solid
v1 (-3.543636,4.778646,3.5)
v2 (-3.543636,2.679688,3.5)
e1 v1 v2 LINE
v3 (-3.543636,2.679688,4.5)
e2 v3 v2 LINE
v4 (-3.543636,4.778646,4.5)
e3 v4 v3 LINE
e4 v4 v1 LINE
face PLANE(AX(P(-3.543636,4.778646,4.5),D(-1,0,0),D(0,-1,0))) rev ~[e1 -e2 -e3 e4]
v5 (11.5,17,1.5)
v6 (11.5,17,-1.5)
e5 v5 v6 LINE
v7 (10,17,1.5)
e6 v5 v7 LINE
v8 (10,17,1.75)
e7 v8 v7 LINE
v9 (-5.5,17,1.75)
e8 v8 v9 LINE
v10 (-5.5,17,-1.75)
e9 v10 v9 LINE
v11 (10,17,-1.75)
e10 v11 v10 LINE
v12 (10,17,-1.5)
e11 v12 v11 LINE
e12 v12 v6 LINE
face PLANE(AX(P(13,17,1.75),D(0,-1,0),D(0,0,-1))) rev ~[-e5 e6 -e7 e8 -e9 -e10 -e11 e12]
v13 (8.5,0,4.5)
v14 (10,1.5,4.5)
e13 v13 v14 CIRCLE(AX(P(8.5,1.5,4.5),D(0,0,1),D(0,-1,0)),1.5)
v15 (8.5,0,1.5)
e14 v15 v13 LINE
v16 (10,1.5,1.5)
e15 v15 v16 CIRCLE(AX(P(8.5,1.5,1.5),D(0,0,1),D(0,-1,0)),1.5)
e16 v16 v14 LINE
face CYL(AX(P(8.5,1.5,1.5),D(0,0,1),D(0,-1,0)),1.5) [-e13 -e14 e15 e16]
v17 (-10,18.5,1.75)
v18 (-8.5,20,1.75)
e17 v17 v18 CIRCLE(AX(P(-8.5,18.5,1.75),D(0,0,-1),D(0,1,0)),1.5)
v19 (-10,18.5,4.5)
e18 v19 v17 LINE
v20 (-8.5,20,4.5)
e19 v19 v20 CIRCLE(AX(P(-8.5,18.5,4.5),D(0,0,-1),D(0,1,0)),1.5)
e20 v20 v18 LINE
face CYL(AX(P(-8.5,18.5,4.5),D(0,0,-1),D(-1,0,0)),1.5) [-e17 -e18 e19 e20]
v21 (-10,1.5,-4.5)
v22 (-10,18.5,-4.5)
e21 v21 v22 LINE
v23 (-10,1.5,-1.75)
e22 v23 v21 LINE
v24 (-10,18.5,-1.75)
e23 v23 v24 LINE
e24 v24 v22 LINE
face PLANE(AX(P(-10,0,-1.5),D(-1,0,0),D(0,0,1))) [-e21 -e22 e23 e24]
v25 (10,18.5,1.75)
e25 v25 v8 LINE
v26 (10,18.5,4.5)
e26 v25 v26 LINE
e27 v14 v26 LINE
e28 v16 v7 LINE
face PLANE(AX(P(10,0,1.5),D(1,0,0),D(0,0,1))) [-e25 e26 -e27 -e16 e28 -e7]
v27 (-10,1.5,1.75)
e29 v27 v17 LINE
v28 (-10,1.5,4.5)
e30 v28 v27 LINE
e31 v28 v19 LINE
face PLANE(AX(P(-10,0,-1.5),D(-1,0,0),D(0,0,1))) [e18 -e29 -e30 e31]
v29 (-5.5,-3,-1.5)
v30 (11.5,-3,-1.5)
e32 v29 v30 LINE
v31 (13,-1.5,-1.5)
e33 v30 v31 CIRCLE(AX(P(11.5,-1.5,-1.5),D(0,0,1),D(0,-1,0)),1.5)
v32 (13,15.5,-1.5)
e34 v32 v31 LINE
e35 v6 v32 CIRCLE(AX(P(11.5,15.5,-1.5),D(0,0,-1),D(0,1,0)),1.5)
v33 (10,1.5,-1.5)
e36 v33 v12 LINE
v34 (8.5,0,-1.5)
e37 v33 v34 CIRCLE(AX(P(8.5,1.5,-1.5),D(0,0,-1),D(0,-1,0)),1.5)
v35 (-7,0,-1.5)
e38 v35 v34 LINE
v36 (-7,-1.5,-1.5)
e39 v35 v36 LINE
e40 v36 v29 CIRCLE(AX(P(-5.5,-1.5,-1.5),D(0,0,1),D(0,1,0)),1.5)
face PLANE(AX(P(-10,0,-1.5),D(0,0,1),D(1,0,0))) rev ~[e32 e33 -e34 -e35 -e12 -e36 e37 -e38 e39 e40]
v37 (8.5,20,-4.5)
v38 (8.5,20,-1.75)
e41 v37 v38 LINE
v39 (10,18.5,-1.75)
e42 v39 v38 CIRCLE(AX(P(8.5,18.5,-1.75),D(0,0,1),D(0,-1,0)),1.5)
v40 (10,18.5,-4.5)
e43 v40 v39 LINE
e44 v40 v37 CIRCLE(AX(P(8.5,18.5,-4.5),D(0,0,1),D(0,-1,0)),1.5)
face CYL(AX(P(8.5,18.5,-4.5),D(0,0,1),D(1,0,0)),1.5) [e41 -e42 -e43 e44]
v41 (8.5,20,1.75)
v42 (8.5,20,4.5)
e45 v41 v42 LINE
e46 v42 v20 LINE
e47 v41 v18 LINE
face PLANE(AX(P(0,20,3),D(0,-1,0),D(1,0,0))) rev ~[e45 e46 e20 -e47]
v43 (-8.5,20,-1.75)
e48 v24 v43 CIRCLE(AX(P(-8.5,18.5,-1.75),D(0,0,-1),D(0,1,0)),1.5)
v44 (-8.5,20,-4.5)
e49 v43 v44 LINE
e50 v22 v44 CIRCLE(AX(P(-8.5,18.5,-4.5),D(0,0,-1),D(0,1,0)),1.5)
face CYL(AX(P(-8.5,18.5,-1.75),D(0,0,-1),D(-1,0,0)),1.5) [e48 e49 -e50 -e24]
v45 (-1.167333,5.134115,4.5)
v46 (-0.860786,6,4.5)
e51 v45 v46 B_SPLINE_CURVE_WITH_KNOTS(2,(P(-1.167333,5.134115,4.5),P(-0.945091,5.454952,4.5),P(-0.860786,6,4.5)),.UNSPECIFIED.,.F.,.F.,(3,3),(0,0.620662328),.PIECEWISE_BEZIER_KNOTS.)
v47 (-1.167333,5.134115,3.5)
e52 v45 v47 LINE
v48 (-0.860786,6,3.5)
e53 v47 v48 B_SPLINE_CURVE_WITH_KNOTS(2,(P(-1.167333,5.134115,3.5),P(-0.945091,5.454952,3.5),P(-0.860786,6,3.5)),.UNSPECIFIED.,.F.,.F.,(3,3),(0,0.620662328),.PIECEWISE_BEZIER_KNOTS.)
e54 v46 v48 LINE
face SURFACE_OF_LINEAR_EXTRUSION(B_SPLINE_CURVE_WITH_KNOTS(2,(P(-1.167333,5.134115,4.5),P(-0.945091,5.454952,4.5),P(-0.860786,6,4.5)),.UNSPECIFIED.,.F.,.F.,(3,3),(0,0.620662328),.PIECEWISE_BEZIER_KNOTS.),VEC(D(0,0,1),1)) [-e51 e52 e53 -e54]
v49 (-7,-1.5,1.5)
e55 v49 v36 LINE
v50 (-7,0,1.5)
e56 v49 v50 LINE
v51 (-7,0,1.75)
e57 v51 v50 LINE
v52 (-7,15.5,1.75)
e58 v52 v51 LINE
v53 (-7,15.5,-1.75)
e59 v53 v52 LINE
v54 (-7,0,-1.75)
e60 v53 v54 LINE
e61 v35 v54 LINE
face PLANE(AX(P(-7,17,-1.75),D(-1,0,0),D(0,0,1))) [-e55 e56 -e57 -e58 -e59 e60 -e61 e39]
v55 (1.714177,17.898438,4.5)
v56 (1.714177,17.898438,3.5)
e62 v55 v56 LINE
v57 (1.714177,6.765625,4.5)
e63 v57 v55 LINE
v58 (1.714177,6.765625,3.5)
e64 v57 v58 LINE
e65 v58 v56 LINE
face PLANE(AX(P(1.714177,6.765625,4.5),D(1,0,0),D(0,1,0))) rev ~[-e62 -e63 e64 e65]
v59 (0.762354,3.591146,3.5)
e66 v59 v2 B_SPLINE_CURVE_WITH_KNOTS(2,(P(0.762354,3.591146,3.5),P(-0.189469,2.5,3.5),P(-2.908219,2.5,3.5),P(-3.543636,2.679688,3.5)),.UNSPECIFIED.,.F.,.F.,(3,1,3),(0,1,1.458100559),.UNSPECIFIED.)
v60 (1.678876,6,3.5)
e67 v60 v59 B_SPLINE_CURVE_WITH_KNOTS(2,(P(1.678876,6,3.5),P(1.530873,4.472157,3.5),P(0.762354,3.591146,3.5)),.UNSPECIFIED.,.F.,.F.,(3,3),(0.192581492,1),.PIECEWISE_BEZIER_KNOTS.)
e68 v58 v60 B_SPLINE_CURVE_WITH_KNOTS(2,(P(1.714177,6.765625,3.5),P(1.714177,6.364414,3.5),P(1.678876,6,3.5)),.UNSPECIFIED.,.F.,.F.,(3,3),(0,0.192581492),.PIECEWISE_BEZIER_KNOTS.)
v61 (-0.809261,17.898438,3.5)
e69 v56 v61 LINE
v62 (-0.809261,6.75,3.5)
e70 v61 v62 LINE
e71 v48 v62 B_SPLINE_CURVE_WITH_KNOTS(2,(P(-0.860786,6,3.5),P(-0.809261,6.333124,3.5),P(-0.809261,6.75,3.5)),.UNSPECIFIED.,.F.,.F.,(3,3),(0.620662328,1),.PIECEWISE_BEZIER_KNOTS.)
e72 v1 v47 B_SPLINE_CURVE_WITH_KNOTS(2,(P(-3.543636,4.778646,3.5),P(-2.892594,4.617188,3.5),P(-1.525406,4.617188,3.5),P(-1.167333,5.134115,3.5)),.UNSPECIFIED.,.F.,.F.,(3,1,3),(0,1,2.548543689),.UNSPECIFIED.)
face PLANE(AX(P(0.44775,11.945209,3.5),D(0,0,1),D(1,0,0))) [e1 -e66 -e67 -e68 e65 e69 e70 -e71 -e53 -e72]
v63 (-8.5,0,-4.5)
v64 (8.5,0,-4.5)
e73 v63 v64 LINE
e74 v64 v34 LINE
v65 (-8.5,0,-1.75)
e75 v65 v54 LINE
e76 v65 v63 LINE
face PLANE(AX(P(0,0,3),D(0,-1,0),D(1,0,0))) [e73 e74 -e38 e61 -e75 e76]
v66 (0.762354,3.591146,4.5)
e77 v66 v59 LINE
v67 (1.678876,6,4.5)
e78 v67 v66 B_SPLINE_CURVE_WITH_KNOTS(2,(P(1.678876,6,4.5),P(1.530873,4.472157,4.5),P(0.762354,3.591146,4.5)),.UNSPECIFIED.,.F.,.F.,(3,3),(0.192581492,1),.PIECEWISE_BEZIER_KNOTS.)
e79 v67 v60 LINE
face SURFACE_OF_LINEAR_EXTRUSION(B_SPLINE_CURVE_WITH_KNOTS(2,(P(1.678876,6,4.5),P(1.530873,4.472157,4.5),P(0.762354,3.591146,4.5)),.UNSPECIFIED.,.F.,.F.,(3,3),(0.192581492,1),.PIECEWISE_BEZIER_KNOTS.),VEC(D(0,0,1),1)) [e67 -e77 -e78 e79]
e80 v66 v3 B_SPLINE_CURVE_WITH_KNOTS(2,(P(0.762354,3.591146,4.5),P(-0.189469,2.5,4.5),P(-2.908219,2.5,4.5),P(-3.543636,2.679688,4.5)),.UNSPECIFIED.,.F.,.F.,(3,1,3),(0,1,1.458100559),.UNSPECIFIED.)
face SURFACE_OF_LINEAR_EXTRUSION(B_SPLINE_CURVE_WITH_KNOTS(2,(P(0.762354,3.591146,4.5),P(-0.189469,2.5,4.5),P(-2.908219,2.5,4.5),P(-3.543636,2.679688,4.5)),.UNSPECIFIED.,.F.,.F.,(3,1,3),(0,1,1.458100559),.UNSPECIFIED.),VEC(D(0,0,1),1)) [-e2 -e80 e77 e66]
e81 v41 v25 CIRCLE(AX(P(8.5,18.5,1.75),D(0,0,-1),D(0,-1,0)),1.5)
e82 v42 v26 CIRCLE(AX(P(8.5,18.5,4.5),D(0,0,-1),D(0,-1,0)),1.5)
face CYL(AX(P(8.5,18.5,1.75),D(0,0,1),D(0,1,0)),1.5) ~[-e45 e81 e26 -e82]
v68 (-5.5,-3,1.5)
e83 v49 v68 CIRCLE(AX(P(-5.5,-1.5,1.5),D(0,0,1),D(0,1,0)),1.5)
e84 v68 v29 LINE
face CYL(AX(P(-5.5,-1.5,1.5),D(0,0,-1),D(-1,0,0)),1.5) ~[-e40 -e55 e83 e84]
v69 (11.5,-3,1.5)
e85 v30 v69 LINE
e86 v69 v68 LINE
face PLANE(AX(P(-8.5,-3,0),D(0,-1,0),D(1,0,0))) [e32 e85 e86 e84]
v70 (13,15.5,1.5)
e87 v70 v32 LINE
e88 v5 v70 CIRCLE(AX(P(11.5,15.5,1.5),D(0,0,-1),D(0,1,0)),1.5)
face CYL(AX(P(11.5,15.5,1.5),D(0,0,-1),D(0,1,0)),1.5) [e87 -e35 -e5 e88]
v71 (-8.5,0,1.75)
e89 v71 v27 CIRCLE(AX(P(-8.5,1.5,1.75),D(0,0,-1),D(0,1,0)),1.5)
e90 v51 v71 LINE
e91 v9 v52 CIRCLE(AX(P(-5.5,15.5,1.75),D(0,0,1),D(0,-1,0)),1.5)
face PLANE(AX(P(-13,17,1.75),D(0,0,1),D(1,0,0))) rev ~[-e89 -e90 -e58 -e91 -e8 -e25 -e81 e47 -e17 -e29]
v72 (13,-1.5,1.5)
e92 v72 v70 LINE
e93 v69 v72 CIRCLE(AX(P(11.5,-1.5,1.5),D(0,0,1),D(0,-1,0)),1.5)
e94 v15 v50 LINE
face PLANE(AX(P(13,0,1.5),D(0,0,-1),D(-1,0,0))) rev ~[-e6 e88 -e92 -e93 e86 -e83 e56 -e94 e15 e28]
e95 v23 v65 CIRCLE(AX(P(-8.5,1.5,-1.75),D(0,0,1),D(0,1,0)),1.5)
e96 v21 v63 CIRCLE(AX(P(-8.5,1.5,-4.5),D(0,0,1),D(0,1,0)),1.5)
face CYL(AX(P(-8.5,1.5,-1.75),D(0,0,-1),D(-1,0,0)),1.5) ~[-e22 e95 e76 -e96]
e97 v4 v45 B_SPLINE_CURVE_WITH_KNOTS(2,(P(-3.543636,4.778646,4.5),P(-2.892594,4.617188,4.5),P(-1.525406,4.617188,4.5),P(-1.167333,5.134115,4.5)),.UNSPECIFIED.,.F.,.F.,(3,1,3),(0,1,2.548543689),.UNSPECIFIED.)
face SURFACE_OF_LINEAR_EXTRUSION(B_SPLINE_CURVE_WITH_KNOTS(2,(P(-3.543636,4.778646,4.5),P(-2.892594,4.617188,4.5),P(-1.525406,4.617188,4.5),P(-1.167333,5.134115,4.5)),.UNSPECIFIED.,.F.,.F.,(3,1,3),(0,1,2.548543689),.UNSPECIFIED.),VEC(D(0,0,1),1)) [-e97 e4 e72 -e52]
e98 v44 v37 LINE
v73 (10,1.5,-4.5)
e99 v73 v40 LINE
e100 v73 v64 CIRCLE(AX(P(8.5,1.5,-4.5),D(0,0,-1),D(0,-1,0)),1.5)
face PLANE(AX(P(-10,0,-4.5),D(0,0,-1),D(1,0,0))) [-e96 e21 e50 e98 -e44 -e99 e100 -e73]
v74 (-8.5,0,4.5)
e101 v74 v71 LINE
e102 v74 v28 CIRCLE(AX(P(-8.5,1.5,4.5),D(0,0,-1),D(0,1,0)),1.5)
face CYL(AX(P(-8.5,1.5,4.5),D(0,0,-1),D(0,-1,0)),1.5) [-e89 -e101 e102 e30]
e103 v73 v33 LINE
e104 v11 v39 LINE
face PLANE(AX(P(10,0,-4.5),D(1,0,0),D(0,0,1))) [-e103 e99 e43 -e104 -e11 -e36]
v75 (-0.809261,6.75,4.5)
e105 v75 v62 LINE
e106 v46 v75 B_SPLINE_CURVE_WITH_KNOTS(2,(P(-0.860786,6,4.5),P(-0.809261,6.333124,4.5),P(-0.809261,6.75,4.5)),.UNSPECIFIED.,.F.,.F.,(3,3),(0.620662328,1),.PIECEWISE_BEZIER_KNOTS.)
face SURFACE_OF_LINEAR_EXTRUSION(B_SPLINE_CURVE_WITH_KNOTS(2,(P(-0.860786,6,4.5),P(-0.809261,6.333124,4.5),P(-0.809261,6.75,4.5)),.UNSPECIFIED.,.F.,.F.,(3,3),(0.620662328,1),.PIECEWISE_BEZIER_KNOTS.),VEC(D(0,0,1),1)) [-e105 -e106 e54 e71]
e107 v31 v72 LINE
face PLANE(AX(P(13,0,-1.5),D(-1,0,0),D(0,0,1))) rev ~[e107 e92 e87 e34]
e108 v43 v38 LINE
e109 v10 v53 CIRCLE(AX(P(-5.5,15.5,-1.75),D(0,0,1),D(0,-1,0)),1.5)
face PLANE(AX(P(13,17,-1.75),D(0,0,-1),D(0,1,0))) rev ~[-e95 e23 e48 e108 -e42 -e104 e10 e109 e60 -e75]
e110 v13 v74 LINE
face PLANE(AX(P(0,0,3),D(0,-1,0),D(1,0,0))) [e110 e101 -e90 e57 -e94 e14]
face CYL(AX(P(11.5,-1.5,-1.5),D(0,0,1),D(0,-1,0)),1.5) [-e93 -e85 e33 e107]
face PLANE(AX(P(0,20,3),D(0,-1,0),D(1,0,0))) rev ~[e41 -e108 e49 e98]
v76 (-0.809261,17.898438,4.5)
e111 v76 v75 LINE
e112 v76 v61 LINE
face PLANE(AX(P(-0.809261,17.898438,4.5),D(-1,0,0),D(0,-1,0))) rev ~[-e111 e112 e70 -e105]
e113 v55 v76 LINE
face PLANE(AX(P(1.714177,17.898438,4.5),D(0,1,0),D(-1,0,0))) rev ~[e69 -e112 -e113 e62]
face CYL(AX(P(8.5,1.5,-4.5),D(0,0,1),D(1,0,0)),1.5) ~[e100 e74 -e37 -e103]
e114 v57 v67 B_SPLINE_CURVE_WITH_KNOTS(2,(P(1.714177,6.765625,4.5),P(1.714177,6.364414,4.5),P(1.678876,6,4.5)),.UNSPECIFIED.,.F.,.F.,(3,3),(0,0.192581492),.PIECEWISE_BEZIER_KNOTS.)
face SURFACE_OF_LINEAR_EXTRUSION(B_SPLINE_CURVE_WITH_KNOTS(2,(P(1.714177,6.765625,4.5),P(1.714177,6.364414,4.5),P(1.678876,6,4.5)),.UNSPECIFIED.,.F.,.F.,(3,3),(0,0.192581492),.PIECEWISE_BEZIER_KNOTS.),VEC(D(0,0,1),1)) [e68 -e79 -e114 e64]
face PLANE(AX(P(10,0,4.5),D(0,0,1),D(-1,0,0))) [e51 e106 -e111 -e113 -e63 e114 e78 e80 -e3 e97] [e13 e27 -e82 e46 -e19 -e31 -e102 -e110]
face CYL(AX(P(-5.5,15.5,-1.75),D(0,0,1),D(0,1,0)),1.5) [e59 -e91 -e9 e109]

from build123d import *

# Parameters (mm, degrees)
F0_W      = 14
F0_H      = 3
F0_W_2    = 3
F1_DEPTH  = 20
F2_DEPTH  = 3
F3_W      = 3
F3_H      = 3
F4_DEPTH  = 100
F5_W      = 3
F5_H      = 3.5
F6_DEPTH  = 100
F7_R      = 1.5
F9_DEPTH  = 1
F10_DEPTH = 1


with BuildPart() as f1:
    # F0 (on Front) → F1 (new body)
    with BuildSketch(Plane.XZ):
        Polygon((10, 1.5), (10, 4.5), (-10, 4.5), (-10, 1.5), (-7, 1.5), (7, 1.5), align=None)
        Rectangle(F0_W, F0_H)
        with Locations((11.5, 0)):
            Rectangle(F0_W_2, F0_H)
        with Locations((8.5, 0)):
            Rectangle(F0_W_2, F0_H)
        with Locations((-8.5, 0)):
            Rectangle(F0_W_2, F0_H)
        Polygon((10, -4.5), (10, -1.5), (7, -1.5), (-7, -1.5), (-10, -1.5), (-10, -4.5), align=None)
    extrude(amount=-F1_DEPTH)

    # F0 (on Front) → F2 (join)
    with BuildSketch(Plane.XZ):
        with Locations((-8.5, 0)):
            Rectangle(F0_W_2, F0_H)
        Rectangle(F0_W, F0_H)
        with Locations((8.5, 0)):
            Rectangle(F0_W_2, F0_H)
        with Locations((11.5, 0)):
            Rectangle(F0_W_2, F0_H)
    extrude(amount=F2_DEPTH)

    # F3 (on face) → F4 (cut)
    with BuildSketch(Plane.YZ.offset(13)):
        Polygon((23, -1.75), (23, 1.75), (17, 1.75), (17, 1.5), (20, 1.5), (20, -1.5), (17, -1.5), (17, -1.75), align=None)
        with Locations((18.5, 0)):
            Rectangle(F3_W, F3_H)
    extrude(amount=-F4_DEPTH, mode=Mode.SUBTRACT)

    # F5 (on face) → F6 (cut)
    with BuildSketch(Plane(origin=(0, 17, 0), x_dir=(-1, 0, 0), z_dir=(0, 1, 0))):
        with Locations((11.5, 0)):
            Rectangle(F5_W, F5_H)
        with Locations((8.5, 0)):
            Rectangle(F5_W, F5_H)
    extrude(amount=-F6_DEPTH, mode=Mode.SUBTRACT)

    # F7
    f7_edges = [f1.edges().sort_by_distance(p)[0] for p in [
        (-7, -3, 0),
        (13, -3, 0),
        (10, 0, 3),
        (10, 0, -3),
        (-10, 0, -3.125),
        (-10, 0, 3.125),
        (-7, 17, 0),
        (-10, 20, 3.125),
        (-10, 20, -3.125),
        (13, 17, 0),
        (10, 20, 3.125),
        (10, 20, -3.125),
    ]]
    fillet(f7_edges, radius=F7_R)

    # F8 (on face) → F9 (cut)
    with BuildSketch(Plane.XY.offset(4.5)):
        with BuildLine():
            add(Edge.make_bspline(
                [(1.6788760671, 6), (1.5308734468, 4.4721571739), (0.7623540077, 3.5911458333)],
                knots=[0.1925814922, 0.1925814922, 0.1925814922, 1, 1, 1], degree=2))
            Line((1.6788760671, 6), (-0.8607862189, 6))
            add(Edge.make_bspline(
                [(-1.1673334923, 5.1341145833), (-0.9450911222, 5.4549517504), (-0.8607862189, 6)],
                knots=[0, 0, 0, 0.6206623282, 0.6206623282, 0.6206623282], degree=2))
            add(Edge.make_bspline(
                [(-2.3561355757, 4.6171875), (-1.525406409, 4.6171875), (-1.1673334923, 5.1341145833)],
                knots=[0, 0, 0, 1, 1, 1], degree=2))
            add(Edge.make_bspline(
                [(-3.5436355757, 4.7786458333), (-2.892593909, 4.6171875), (-2.3561355757, 4.6171875)],
                knots=[0, 0, 0, 1, 1, 1], degree=2))
            Line((-3.5436355757, 4.7786458333), (-3.5436355757, 2.6796875))
            add(Edge.make_bspline(
                [(-2.0540522423, 2.5), (-2.908218909, 2.5), (-3.5436355757, 2.6796875)],
                knots=[0, 0, 0, 1, 1, 1], degree=2))
            add(Edge.make_bspline(
                [(0.7623540077, 3.5911458333), (-0.189468909, 2.5), (-2.0540522423, 2.5)],
                knots=[0, 0, 0, 1, 1, 1], degree=2))
        make_face()
    extrude(amount=-F9_DEPTH, mode=Mode.SUBTRACT)

    # F8 (on face) → F10 (cut)
    with BuildSketch(Plane.XY.offset(4.5)):
        with BuildLine():
            Line((-0.8607862189, 6), (1.6788760671, 6))
            add(Edge.make_bspline(
                [(1.7141769243, 6.765625), (1.7141769243, 6.364413558), (1.6788760671, 6)],
                knots=[0, 0, 0, 0.1925814922, 0.1925814922, 0.1925814922], degree=2))
            Line((1.7141769243, 6.765625), (1.7141769243, 17.8984375))
            Line((1.7141769243, 17.8984375), (-0.8092605757, 17.8984375))
            Line((-0.8092605757, 17.8984375), (-0.8092605757, 6.75))
            add(Edge.make_bspline(
                [(-0.8607862189, 6), (-0.8092605757, 6.3331237045), (-0.8092605757, 6.75)],
                knots=[0.6206623282, 0.6206623282, 0.6206623282, 1, 1, 1], degree=2))
        make_face()
    extrude(amount=-F10_DEPTH, mode=Mode.SUBTRACT)


solid = f1.part
